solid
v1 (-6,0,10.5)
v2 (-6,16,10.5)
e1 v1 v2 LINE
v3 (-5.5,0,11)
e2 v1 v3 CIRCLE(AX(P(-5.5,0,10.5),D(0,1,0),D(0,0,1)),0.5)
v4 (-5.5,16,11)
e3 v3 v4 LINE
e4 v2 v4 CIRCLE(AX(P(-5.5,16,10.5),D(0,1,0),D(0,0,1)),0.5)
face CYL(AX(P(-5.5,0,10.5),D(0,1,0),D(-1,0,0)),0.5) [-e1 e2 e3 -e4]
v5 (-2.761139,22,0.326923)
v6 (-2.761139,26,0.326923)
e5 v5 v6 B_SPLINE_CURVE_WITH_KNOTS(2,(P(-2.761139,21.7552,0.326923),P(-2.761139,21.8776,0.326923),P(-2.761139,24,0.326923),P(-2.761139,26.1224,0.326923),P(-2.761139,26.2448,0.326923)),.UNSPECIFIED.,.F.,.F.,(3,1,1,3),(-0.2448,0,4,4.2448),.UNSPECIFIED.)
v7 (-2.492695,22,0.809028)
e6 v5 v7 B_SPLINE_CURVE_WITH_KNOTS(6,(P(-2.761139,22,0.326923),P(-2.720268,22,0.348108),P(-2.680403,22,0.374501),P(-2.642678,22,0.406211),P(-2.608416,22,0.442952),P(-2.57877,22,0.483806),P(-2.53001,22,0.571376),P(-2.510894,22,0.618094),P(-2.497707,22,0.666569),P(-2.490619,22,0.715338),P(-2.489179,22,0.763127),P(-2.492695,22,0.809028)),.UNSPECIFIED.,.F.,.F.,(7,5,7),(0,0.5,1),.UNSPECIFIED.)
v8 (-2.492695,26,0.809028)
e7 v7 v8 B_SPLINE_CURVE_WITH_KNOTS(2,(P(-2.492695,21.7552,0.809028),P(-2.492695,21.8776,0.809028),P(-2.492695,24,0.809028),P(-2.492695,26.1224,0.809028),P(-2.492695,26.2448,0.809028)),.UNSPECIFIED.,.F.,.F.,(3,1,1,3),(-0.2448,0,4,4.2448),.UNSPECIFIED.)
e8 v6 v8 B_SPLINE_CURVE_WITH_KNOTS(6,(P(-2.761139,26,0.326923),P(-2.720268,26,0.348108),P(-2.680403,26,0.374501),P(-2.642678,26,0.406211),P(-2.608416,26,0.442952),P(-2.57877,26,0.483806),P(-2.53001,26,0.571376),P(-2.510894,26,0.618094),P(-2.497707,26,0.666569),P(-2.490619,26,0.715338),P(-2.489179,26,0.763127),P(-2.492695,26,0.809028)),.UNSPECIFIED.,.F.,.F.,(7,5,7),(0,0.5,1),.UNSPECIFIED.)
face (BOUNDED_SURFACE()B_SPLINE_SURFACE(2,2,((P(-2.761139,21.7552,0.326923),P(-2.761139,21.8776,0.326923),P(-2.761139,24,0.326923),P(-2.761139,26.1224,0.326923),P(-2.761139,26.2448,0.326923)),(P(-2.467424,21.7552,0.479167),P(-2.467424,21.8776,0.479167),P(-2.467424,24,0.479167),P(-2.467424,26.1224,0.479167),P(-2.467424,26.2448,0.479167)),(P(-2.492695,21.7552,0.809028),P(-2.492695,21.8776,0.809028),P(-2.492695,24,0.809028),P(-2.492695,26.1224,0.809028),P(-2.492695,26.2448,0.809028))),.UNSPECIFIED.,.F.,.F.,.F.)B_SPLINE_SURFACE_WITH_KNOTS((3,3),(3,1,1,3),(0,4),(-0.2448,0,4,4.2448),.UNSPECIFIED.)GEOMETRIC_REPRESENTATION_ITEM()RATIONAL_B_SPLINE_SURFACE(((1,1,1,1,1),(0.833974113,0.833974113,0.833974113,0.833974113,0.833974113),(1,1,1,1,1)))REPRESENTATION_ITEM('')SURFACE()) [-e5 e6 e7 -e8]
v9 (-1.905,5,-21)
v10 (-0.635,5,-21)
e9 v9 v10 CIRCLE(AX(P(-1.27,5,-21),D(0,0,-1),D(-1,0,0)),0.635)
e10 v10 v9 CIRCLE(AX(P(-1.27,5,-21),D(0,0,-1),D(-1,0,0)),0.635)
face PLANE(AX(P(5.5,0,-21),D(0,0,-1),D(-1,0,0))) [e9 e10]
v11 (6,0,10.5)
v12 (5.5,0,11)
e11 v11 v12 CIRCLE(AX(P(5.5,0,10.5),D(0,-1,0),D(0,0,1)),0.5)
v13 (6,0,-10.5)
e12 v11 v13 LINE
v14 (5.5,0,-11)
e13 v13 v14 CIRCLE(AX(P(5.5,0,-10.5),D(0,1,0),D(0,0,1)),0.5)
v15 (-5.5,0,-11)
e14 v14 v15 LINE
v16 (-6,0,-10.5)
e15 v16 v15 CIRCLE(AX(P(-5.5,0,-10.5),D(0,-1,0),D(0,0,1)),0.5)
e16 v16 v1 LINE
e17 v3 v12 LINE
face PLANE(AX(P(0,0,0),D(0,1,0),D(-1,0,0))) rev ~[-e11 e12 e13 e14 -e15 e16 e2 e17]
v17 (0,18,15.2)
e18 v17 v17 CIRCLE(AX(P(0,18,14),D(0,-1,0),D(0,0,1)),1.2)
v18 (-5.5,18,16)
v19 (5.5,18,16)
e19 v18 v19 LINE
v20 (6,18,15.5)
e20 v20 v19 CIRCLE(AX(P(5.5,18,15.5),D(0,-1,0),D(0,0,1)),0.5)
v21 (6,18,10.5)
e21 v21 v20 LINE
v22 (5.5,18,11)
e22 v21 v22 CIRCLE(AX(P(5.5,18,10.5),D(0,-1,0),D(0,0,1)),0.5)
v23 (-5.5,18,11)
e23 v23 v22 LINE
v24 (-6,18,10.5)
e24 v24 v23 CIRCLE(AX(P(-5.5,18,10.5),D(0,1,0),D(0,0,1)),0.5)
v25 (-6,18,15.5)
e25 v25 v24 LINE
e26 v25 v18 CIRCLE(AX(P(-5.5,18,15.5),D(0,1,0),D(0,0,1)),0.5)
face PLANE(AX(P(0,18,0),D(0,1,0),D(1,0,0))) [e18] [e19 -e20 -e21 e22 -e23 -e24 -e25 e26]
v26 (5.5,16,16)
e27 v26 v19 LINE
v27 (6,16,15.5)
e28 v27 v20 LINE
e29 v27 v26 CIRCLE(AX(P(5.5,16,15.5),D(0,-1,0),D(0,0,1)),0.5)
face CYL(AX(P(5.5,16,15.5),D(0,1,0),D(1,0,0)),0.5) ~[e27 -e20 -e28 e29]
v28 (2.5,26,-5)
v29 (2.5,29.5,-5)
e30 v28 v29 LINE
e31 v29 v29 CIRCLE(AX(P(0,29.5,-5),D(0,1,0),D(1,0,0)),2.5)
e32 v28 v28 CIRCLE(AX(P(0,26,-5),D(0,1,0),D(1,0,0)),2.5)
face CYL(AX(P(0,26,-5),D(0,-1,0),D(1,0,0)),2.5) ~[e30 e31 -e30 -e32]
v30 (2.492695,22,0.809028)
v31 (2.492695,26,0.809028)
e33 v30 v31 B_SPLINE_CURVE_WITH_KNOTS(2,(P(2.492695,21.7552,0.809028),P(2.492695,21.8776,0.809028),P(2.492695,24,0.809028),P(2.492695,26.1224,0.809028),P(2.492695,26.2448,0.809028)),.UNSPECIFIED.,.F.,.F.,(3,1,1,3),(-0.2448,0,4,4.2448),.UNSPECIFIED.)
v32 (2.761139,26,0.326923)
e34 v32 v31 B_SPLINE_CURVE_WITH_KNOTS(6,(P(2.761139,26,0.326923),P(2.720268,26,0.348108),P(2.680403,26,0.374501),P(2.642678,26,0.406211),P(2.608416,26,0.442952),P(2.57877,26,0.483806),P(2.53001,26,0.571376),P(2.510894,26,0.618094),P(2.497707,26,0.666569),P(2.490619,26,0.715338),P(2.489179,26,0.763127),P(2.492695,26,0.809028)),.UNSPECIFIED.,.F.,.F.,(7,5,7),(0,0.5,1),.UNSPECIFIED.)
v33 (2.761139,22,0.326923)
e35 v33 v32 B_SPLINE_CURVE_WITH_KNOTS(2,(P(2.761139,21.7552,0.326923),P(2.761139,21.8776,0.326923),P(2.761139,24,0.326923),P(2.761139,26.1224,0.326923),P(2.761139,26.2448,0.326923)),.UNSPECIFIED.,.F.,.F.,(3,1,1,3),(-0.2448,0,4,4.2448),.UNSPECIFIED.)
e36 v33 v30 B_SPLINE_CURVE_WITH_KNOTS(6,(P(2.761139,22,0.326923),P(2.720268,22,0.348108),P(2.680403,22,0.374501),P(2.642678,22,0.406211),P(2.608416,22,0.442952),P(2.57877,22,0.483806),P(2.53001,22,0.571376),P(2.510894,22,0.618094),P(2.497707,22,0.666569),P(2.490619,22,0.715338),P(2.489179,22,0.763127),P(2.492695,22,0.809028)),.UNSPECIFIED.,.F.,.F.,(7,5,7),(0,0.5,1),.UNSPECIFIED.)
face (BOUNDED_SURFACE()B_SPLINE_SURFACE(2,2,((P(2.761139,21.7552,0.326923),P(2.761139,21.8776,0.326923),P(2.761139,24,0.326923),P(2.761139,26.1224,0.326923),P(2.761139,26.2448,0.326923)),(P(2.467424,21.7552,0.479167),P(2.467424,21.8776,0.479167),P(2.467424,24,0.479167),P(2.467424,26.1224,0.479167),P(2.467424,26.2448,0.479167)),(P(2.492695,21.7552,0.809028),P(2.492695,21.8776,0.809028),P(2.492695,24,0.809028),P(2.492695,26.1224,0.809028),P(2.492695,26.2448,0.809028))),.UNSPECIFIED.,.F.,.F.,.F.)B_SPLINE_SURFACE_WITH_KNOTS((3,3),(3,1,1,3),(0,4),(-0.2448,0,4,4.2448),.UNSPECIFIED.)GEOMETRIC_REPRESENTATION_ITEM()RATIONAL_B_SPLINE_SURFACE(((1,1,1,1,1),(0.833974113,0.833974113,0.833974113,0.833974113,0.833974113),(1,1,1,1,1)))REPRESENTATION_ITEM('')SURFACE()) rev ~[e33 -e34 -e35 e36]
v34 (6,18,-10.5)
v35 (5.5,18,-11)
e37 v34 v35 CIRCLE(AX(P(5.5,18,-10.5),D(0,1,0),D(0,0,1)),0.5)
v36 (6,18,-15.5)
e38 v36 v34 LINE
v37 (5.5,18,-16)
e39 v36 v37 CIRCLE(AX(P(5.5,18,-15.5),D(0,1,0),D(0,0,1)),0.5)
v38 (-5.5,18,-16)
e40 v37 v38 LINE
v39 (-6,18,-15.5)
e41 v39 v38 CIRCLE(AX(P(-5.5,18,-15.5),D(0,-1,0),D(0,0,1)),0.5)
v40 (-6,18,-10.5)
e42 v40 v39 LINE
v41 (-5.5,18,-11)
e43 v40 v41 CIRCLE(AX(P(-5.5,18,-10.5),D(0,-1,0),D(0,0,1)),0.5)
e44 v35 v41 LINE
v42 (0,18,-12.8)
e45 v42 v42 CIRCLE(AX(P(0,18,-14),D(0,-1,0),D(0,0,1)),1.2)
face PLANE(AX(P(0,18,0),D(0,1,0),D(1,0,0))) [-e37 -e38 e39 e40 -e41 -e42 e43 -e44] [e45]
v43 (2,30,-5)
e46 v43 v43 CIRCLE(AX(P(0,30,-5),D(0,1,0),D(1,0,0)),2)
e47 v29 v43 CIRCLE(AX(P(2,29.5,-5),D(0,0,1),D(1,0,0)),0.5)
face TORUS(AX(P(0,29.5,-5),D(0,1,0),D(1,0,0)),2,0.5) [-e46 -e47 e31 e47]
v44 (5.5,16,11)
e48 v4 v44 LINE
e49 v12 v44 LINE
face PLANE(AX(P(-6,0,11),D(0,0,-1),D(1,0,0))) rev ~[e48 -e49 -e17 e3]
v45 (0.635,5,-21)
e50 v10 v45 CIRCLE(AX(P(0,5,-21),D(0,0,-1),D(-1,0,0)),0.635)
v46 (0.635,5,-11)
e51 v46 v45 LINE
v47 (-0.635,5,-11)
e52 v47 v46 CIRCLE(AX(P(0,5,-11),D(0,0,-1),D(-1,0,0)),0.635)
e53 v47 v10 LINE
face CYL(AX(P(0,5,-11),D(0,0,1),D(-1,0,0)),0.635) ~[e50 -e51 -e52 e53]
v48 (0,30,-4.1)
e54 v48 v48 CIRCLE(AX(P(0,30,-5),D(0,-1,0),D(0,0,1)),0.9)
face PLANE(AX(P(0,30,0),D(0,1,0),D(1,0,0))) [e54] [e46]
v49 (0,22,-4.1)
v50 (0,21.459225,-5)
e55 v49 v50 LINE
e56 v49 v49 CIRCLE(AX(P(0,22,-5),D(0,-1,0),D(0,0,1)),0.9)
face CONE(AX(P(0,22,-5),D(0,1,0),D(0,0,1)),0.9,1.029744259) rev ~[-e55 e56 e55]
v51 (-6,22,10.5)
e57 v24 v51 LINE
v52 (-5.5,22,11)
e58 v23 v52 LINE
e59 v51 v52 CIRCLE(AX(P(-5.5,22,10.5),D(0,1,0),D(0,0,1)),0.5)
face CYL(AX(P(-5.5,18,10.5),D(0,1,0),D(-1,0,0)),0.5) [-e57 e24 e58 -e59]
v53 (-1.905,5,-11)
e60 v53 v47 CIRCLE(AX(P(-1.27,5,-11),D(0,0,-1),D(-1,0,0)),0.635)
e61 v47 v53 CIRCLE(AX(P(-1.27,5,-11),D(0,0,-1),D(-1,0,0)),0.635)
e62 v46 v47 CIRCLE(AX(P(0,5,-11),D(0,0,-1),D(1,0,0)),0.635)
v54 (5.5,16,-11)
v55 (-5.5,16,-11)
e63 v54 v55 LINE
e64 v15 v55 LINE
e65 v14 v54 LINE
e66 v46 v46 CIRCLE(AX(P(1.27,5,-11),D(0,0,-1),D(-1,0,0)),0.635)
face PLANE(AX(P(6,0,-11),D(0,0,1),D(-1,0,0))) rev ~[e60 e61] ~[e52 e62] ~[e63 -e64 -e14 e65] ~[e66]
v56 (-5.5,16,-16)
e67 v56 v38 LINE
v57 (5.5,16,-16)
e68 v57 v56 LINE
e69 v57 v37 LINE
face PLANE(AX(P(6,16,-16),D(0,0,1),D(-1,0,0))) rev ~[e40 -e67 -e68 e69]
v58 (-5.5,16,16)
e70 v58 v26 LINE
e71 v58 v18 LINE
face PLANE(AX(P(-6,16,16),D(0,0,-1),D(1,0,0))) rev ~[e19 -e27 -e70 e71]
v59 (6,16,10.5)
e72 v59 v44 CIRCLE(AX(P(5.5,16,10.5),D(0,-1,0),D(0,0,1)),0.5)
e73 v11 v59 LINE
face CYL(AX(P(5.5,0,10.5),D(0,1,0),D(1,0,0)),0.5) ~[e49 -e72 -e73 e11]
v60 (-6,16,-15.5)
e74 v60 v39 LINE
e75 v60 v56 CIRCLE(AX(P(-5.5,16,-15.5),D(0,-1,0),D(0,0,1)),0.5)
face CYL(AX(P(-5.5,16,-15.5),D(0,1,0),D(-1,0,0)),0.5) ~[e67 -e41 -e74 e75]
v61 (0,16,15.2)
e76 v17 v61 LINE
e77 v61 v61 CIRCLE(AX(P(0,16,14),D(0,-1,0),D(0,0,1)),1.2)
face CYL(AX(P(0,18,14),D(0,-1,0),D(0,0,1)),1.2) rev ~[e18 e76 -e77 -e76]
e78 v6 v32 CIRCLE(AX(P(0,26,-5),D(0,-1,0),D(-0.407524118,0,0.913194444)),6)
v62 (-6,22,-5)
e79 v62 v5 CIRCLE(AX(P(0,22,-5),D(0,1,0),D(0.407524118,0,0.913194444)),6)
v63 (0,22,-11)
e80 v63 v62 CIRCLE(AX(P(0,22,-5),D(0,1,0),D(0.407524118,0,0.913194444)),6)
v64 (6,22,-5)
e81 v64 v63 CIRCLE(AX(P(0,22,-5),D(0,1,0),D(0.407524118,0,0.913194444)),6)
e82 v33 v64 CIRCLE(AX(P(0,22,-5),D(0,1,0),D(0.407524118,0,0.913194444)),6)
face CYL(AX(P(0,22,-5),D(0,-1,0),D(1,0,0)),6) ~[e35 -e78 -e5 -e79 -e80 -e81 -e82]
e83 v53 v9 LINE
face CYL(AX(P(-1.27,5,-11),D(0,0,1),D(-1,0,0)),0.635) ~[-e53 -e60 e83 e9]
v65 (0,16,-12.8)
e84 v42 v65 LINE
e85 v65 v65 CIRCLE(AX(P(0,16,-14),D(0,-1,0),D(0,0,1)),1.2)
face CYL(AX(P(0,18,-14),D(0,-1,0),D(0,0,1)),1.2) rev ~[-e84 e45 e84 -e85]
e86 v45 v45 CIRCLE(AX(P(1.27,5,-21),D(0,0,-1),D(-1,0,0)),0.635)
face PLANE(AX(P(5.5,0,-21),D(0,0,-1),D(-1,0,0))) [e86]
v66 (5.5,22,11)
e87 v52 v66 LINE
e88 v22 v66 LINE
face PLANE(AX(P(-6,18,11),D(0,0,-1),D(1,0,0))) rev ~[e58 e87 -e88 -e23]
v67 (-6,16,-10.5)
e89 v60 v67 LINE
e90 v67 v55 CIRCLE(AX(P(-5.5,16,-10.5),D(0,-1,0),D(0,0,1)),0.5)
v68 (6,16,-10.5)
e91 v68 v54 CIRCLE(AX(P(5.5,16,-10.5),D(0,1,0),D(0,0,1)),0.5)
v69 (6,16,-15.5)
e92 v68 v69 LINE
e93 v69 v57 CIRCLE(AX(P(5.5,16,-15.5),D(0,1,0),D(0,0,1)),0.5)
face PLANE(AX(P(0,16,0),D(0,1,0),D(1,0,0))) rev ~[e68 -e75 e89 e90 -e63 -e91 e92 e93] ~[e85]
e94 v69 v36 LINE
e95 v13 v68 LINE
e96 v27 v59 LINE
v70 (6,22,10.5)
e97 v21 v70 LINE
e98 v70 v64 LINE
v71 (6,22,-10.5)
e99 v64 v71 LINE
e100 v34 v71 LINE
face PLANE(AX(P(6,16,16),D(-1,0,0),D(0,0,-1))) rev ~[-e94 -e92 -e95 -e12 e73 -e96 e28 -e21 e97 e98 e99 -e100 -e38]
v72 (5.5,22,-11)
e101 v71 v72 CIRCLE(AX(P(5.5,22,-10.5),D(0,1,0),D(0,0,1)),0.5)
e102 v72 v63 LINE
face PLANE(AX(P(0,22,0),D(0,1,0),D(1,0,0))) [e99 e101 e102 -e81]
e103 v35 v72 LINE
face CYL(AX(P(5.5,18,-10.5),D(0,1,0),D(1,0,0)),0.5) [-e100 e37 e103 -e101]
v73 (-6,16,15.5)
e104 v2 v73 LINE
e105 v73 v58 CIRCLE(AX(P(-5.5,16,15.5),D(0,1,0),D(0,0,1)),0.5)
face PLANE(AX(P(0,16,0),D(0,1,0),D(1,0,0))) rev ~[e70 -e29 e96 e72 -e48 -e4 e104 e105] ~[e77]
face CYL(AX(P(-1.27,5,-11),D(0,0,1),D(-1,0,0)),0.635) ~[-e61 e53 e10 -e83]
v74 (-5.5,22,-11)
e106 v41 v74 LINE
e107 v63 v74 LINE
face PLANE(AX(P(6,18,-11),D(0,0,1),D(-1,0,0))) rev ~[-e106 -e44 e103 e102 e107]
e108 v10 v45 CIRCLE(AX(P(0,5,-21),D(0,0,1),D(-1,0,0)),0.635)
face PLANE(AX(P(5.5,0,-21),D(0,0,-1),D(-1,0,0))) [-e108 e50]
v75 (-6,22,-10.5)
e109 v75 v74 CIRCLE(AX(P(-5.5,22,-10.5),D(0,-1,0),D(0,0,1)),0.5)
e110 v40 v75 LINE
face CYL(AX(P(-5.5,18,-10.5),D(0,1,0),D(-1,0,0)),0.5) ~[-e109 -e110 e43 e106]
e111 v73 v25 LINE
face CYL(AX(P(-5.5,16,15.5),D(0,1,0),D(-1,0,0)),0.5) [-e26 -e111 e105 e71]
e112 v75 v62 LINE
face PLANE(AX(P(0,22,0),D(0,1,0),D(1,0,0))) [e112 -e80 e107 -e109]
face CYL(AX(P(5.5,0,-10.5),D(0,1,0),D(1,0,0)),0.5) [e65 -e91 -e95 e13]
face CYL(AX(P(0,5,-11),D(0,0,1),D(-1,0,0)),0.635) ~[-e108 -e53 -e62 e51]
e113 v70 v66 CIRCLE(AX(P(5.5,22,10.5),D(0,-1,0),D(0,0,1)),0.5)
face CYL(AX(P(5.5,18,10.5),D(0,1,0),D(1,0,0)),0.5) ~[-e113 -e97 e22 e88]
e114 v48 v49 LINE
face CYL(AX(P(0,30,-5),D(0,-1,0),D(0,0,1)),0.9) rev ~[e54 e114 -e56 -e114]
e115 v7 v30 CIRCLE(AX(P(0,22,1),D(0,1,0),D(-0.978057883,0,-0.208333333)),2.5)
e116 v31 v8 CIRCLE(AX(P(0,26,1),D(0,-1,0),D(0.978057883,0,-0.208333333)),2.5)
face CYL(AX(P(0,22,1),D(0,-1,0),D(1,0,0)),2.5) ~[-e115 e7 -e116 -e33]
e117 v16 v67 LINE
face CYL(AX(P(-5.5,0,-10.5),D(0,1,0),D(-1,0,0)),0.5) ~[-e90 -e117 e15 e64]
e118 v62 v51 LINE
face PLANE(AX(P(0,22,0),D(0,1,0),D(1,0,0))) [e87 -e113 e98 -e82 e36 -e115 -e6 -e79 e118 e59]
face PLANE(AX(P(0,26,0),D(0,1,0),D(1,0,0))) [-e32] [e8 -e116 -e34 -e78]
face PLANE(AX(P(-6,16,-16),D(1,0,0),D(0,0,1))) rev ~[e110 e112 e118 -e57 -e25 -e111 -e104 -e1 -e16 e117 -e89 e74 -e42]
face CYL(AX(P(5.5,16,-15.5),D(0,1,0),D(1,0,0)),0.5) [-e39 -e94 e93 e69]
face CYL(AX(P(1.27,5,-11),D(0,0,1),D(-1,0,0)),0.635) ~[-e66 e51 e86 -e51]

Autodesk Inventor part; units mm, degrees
ref_plane "YZ Plane" through (0, 0, 0) normal (1, 0, 0) x (0, 1, 0)
ref_plane "XZ Plane" through (0, 0, 0) normal (0, 1, 0) x (-1, 0, 0)
ref_plane "XY Plane" through (0, 0, 0) normal (0, 0, 1) x (1, 0, 0)
sketch "Sketch1" plane through (0, 0, 0) normal (0, 1, 0) x (-1, 0, 0)
  line L0 (-6, 11) -> (-6, -11)
  line L1 (-6, -11) -> (6, -11)
  line L2 (6, -11) -> (6, 11)
  line L3 (6, 11) -> (-6, 11)
  line L4 (-6, 11) -> (6, -11) construction
  line L5 (-6, -11) -> (6, 11) construction
  point P0 (0, 0)
  dimension "d0" = 22
  dimension "d1" = 12
extrude "Extrusion1" add sketch "Sketch1" along normal blind 16
sketch "Sketch2" plane through (0, 16, 0) normal (0, 1, 0) x (1, 0, 0)
  line L0 (6, -16) -> (6, 16)
  line L1 (6, 16) -> (-6, 16)
  line L2 (-6, 16) -> (-6, -16)
  line L3 (-6, -16) -> (6, -16)
  line L4 (6, -16) -> (-6, 16) construction
  line L5 (6, 16) -> (-6, -16) construction
  point P0 (0, 0)
  dimension "d4" = 32
extrude "Extrusion2" add sketch "Sketch2" along normal blind 2
sketch "Sketch3" plane through (0, 18, 0) normal (0, 1, 0) x (1, 0, 0)
  line L0 (6, -11) -> (6, 11)
  line L1 (6, 11) -> (-6, 11)
  line L2 (-6, 11) -> (-6, -11)
  line L3 (-6, -11) -> (6, -11)
  line L4 (6, -11) -> (-6, 11) construction
  line L5 (6, 11) -> (-6, -11) construction
  point P0 (0, 0)
extrude "Extrusion3" add sketch "Sketch3" along normal blind 4
sketch "Sketch4" plane through (0, 22, 0) normal (0, 1, 0) x (1, 0, 0)
  line L0 (6, 11) -> (-6, 11) projected
  line L1 (0, 11) -> (0, 5)
  circle A0 centre (0, 5) radius 6
  line L2 (-6, -11) -> (6, -11) projected
  line L3 (0, -11) -> (0, -1)
  circle A1 centre (0, -1) radius 2.5
  point P0 (0, 0)
  dimension "d9" = 6
  dimension "d10" = 10
  dimension "d11" = 5
extrude "Extrusion4" add sketch "Sketch4" along normal blind 4
sketch "Sketch5" plane through (0, 26, 0) normal (0, 1, 0) x (1, 0, 0)
  circle A0 centre (0, 5) radius 2.5
  point P0 (0, 0)
  dimension "d14" = 5
extrude "Extrusion5" add sketch "Sketch5" along normal blind 4
sketch "Sketch6" plane through (0, 30, -5) normal (0, 1, 0) x (1, 0, 0)
  point P0 (0, -5)
  point P1 (0, 0)
hole "Hole1" at (0, 30, -5) direction (0, -1, 0) diameter 1.8 depth 8 tip angle 118 clearance for "Socket Head Cap Screw" size "M1.6" standard "Ansi Metric M Profile"
fillet "Fillet1" radius 0.5 1 edges at (-2.5, 30, -5)
fillet "Fillet2" radius 0.5 9 edges at (6, 20, 11) (6, 8, 11) (-6, 8, 11) (-6, 20, 11) (6, 20, -11) (6, 8, -11) (6, 17, 16) (-6, 17, 16) (6, 17, -16)
fillet "Fillet3" radius 0.5 2 edges at (-6, 20, -11) (-6, 8, -11)
fillet "Fillet4" radius 0.5 2 edges at (-2.4451, 24, 0.4792) (2.4451, 24, 0.4792)
sketch "Sketch7" plane through (5.5, 0, -11) normal (0, 0, -1) x (-1, 0, 0)
  line L0 (5.5, 0) -> (5.5, 5)
  circle A0 centre (5.5, 5) radius 0.635
  line L1 (5.5, 5) -> (4.23, 5)
  circle A1 centre (4.23, 5) radius 0.635
  line L2 (5.5, 5) -> (6.77, 5)
  circle A2 centre (6.77, 5) radius 0.635
  dimension "d28" = 5
  dimension "d29" = 1.27
  dimension "d30" = 1.27
  dimension "d31" = 1.27
extrude "Extrusion6" add sketch "Sketch7" along normal blind 10
fillet "Fillet5" radius 0.5 1 edges at (-6, 17, -16)
sketch "Sketch8" plane through (0, 18, 0) normal (0, 1, 0) x (1, 0, 0)
  line L0 (5.5, 16) -> (-5.5, 16) projected
  line L1 (0, 16) -> (0, 14)
  line L2 (-5.5, -16) -> (5.5, -16) projected
  line L3 (0, -16) -> (0, -14)
  point P0 (0, 0)
  dimension "d35" = 2
  dimension "d36" = 2
hole "Hole2" at (0, 18, 14) at (0, 18, -14) direction (0, -1, 0) diameter 2.4 depth 3 tip angle 118 clearance for "Socket Head Cap Screw" size "M2" standard "Ansi Metric M Profile"
properties part number "9g-micro-server"
